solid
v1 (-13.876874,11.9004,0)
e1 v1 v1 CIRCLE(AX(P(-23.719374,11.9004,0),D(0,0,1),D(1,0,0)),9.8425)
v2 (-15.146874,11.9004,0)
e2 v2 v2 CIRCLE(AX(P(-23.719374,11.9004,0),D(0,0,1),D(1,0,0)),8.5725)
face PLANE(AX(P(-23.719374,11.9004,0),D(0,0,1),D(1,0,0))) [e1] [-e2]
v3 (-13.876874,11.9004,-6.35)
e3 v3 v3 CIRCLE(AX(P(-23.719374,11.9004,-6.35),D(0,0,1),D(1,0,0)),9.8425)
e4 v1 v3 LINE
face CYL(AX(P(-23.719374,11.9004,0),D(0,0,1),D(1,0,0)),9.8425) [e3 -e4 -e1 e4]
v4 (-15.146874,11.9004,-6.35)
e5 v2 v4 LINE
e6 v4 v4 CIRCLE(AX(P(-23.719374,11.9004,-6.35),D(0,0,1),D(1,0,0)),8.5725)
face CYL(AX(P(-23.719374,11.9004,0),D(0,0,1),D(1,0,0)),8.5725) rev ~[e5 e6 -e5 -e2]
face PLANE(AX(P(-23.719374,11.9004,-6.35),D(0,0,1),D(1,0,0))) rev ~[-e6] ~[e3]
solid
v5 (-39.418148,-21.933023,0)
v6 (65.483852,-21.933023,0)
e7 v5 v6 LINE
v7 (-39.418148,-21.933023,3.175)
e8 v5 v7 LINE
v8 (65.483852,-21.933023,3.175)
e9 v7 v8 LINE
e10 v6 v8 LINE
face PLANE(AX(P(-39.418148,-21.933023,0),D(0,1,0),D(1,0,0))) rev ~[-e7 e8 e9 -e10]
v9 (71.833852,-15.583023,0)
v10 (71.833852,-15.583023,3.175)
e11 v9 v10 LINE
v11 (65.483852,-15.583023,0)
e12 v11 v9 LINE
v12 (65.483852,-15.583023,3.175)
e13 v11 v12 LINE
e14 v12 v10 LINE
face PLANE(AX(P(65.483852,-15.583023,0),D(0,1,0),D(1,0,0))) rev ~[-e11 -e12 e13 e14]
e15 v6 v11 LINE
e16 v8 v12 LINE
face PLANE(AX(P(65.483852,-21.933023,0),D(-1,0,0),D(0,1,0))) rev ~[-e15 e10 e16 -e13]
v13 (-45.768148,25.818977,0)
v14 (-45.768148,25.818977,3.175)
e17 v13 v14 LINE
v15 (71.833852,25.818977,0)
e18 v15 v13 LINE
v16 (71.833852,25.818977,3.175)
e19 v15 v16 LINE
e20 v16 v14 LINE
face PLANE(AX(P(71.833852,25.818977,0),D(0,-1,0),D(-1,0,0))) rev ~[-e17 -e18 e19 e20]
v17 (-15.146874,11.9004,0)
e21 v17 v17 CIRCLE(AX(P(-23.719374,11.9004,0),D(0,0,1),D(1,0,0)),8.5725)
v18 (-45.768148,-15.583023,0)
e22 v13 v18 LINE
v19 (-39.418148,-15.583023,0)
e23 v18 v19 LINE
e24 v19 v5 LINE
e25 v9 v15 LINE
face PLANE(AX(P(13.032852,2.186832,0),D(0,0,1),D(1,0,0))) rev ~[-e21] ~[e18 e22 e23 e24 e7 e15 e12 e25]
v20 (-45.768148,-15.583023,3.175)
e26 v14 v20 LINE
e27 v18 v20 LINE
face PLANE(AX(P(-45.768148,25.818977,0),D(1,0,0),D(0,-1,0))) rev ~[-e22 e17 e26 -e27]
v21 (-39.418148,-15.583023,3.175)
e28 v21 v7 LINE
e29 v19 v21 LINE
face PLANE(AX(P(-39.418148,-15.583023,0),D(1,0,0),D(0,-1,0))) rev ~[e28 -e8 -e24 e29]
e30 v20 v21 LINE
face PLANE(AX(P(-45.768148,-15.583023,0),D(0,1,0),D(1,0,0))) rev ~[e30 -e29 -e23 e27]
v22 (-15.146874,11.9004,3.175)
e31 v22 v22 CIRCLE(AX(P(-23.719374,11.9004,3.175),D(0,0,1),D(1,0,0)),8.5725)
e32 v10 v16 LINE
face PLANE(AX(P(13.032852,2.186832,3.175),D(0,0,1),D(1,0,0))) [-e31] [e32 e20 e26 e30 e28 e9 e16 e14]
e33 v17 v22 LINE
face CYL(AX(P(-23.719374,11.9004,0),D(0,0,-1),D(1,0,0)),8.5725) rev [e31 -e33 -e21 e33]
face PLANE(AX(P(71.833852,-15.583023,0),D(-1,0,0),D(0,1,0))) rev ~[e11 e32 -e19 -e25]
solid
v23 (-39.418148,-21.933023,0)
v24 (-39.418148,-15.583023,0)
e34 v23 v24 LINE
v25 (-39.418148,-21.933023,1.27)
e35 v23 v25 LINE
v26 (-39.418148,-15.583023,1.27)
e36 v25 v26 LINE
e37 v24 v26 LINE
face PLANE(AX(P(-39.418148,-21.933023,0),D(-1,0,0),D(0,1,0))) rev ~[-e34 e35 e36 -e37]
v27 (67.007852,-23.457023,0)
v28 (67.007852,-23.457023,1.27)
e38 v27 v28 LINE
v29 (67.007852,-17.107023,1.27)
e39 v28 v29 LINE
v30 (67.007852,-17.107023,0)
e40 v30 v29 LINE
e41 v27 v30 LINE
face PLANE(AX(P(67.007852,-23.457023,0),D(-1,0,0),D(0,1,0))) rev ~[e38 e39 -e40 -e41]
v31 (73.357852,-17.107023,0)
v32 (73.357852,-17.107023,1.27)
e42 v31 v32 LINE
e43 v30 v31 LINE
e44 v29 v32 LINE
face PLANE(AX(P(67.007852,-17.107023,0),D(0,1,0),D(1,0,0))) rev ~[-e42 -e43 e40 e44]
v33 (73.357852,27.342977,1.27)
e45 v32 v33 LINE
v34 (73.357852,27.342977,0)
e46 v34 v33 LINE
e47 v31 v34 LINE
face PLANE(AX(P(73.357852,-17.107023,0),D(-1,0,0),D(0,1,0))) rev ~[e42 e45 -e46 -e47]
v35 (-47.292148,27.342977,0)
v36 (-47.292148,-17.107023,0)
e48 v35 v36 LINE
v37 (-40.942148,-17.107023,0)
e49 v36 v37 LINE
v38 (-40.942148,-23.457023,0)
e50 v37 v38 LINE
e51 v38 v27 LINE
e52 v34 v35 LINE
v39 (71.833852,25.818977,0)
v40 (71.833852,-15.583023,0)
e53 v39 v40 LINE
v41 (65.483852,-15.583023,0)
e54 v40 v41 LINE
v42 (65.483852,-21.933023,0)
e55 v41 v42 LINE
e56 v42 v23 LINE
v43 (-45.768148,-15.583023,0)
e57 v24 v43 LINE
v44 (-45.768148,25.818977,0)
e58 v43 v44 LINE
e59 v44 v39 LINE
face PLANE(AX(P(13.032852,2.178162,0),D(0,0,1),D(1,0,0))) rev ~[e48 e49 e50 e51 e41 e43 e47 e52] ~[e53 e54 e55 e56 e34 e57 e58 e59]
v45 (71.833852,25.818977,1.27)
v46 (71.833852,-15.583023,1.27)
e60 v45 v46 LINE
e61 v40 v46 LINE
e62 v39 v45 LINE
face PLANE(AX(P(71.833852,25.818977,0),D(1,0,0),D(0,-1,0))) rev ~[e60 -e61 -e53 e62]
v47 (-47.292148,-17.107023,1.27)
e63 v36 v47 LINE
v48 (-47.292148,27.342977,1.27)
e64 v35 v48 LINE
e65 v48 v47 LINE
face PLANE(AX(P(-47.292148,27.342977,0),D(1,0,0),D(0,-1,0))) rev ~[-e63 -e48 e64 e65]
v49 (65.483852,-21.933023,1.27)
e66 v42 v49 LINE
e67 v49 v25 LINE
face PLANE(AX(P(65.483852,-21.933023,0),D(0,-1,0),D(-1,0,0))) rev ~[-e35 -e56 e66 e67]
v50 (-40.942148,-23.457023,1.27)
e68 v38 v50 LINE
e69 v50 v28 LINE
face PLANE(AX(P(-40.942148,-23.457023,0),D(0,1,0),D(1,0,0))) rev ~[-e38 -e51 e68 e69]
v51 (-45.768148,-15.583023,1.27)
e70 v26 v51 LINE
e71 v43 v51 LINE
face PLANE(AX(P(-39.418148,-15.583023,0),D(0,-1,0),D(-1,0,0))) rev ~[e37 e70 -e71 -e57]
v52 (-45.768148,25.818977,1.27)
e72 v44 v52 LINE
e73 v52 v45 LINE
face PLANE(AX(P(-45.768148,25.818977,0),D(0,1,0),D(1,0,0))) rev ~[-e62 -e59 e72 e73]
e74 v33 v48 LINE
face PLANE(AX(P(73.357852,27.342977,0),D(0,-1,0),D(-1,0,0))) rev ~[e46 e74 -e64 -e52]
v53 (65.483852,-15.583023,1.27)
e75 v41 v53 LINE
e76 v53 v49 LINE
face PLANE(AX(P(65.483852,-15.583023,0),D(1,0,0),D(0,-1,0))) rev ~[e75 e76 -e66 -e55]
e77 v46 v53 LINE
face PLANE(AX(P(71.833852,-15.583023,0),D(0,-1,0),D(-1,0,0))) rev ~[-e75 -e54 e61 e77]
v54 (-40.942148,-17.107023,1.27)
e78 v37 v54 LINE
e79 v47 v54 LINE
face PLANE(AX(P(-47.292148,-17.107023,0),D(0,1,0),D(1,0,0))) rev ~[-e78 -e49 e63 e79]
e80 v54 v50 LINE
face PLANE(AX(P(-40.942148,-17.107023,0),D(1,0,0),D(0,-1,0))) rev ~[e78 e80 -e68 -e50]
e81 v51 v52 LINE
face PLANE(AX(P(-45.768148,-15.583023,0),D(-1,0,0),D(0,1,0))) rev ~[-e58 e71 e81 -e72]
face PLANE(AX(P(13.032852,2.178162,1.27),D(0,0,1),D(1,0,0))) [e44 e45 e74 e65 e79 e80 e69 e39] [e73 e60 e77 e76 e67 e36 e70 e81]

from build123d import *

# Parameters (mm, degrees)
F0_R     = 9.8425
F0_R_2   = 8.5725
F1_DEPTH = 3.175
F2_DEPTH = 1.27
F3_DEPTH = 6.35


with BuildPart() as f1:
    # F0 (on Top) → F1 (new body)
    with BuildSketch(Plane.XY):
        Polygon((-45.7681482593, 25.8189766522), (-45.7681482593, -15.5830233478), (-39.4181482593, -15.5830233478), (-39.4181482593, -21.9330233478), (65.4838517407, -21.9330233478), (65.4838517407, -15.5830233478), (71.8338517407, -15.5830233478), (71.8338517407, 25.8189766522), align=None)
        with Locations((-23.7193740904, 11.9003998116)):
            Circle(F0_R, mode=Mode.SUBTRACT)
        with Locations((-23.7193740904, 11.9003998116)):
            Circle(F0_R)
        with Locations((-23.7193740904, 11.9003998116)):
            Circle(F0_R_2, mode=Mode.SUBTRACT)
    extrude(amount=F1_DEPTH)


with BuildPart() as f2:
    # F0 (on Top) → F2 (new body)
    with BuildSketch(Plane.XY):
        Polygon((73.3578517407, 27.3429766522), (-47.2921482593, 27.3429766522), (-47.2921482593, -17.1070233478), (-40.9421482593, -17.1070233478), (-40.9421482593, -23.4570233478), (67.0078517407, -23.4570233478), (67.0078517407, -17.1070233478), (73.3578517407, -17.1070233478), align=None)
        Polygon((-39.4181482593, -15.5830233478), (-45.7681482593, -15.5830233478), (-45.7681482593, 25.8189766522), (71.8338517407, 25.8189766522), (71.8338517407, -15.5830233478), (65.4838517407, -15.5830233478), (65.4838517407, -21.9330233478), (-39.4181482593, -21.9330233478), align=None, mode=Mode.SUBTRACT)
    extrude(amount=F2_DEPTH)


with BuildPart() as f3:
    # F0 (on Top) → F3 (new body)
    with BuildSketch(Plane.XY):
        with Locations((-23.7193740904, 11.9003998116)):
            Circle(F0_R)
        with Locations((-23.7193740904, 11.9003998116)):
            Circle(F0_R_2, mode=Mode.SUBTRACT)
    extrude(amount=-F3_DEPTH)


solid = Compound([f1.part, f2.part, f3.part])
